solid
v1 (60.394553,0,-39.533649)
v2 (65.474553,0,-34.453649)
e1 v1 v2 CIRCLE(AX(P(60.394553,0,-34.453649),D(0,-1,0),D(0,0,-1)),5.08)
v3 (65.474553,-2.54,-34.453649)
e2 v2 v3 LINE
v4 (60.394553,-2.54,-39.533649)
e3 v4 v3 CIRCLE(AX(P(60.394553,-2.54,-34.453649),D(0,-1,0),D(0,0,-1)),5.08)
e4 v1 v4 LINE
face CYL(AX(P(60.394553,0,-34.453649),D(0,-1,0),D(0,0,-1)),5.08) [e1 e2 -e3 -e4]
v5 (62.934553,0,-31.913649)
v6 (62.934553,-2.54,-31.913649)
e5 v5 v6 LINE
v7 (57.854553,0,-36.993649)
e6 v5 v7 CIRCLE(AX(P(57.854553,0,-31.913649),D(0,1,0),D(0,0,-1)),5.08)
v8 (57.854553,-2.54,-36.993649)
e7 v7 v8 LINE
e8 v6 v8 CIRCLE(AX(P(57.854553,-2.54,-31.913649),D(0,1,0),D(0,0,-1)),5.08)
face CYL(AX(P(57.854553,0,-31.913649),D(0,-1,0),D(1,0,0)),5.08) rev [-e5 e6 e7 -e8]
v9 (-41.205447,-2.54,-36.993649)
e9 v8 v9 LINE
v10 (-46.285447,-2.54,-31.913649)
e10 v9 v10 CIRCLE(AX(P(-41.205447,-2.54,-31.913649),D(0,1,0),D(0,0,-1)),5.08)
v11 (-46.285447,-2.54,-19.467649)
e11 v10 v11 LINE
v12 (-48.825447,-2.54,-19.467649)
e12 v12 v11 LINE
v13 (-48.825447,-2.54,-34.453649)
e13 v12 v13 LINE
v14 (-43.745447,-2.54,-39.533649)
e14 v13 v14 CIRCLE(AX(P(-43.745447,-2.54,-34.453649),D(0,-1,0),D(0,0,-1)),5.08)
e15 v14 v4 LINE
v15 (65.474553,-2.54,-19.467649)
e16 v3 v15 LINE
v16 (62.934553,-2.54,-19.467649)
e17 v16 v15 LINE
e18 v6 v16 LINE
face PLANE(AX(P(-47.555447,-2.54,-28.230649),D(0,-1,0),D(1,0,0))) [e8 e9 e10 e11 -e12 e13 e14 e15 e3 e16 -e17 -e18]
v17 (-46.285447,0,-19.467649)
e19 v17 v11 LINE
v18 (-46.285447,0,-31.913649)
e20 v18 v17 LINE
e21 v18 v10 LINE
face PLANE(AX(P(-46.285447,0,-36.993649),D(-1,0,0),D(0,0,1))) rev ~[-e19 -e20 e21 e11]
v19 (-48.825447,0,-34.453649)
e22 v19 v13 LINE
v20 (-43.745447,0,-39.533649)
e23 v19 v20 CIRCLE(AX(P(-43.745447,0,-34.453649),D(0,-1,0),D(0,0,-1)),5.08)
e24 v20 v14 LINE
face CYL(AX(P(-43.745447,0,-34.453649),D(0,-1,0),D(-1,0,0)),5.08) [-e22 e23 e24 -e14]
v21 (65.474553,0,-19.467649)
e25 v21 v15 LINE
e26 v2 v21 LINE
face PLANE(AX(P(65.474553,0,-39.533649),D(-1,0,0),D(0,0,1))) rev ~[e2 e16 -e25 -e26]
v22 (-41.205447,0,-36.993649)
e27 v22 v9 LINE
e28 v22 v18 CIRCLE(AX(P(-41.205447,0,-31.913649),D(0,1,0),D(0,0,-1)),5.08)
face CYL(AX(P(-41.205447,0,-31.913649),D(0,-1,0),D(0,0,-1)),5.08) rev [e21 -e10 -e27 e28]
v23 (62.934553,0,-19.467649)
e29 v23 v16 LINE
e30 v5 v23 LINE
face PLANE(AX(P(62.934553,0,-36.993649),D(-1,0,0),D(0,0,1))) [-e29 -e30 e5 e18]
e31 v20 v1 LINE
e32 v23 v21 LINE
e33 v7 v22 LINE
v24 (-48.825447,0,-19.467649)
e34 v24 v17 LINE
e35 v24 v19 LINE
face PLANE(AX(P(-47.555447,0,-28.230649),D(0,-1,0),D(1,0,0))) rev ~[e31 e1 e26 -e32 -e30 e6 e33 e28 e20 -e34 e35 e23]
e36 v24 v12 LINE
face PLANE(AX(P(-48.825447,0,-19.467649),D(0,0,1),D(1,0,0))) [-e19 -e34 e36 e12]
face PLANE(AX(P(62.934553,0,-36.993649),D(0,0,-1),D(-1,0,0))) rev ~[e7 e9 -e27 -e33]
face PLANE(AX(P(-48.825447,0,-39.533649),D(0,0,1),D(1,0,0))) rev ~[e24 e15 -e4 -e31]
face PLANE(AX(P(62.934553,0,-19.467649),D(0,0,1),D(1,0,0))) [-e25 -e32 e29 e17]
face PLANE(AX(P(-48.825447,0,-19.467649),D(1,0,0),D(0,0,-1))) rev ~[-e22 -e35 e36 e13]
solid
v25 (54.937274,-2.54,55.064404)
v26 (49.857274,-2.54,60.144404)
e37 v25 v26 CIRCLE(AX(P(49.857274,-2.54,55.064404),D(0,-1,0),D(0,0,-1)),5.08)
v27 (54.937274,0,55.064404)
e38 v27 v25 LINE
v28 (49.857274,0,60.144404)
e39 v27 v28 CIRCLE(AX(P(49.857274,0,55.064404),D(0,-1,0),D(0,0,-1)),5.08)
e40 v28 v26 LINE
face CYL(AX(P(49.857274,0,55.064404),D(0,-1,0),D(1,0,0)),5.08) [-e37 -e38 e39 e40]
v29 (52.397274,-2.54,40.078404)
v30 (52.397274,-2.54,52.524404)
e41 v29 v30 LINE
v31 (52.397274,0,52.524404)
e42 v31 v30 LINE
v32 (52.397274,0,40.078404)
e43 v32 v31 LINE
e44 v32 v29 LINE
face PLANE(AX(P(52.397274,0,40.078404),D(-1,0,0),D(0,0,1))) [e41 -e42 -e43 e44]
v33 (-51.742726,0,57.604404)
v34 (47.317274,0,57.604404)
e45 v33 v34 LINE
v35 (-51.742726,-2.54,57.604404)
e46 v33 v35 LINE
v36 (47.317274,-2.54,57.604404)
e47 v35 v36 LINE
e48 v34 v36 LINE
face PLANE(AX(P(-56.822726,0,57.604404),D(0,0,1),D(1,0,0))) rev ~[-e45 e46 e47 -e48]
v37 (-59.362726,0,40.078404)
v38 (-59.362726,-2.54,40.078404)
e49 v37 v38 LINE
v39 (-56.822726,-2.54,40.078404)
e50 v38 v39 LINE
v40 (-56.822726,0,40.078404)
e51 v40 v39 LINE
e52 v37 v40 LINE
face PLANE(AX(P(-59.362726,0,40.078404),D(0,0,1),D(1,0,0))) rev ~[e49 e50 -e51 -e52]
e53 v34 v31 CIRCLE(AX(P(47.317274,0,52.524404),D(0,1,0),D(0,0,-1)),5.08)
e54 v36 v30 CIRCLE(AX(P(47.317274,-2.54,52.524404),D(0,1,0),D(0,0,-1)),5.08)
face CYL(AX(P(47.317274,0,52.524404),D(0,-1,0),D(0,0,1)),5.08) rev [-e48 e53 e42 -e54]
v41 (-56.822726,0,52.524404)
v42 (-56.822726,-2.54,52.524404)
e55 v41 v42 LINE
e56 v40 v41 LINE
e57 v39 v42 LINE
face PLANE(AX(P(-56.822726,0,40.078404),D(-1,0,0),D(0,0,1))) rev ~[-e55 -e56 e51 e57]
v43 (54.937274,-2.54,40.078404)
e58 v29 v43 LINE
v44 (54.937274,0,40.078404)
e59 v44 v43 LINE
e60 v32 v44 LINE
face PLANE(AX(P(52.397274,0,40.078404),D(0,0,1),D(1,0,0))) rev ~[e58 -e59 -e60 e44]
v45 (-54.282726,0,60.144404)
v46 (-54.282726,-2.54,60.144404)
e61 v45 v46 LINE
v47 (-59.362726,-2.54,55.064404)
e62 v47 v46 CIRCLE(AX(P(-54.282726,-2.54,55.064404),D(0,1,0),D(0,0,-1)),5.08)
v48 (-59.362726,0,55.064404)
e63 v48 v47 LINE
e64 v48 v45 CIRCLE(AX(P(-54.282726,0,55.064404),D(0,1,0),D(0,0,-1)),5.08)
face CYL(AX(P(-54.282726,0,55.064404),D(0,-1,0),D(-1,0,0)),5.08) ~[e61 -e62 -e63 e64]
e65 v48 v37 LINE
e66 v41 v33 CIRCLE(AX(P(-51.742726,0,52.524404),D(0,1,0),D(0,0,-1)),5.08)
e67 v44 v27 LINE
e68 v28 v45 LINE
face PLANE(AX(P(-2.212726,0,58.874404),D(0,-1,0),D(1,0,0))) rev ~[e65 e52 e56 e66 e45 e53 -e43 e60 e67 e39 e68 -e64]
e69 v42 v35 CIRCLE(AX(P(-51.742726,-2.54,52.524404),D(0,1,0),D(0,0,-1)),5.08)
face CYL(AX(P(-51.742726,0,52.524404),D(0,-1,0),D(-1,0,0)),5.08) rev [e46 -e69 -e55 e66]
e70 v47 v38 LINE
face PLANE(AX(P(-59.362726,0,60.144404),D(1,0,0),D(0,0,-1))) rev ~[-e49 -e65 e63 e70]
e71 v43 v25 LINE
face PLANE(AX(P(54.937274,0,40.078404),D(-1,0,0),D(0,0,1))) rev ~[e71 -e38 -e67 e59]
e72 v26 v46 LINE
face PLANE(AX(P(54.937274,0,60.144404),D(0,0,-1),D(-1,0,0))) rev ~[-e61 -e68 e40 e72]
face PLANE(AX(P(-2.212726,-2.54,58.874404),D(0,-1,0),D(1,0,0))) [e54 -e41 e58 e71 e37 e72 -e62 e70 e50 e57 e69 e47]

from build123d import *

# Parameters (mm, degrees)
F0_W     = 2.54
F0_H     = 17.526
F1_DEPTH = 2.54
F2_R     = 5.08


with BuildPart() as f1:
    # F0 (on Front) → F1 (new body)
    with BuildSketch(Plane.XZ):
        Polygon((-59.362726, 60.144404), (-59.362726, 57.604404), (-56.822726, 57.604404), (52.397274, 57.604404), (54.937274, 57.604404), (54.937274, 60.144404), align=None)
        with Locations((-58.092726, 48.841404)):
            Rectangle(F0_W, F0_H)
        with Locations((53.667274, 48.841404)):
            Rectangle(F0_W, F0_H)
        with Locations((-47.555447, -28.230649)):
            Rectangle(F0_W, F0_H)
        Polygon((-46.285447, -36.993649), (-48.825447, -36.993649), (-48.825447, -39.533649), (65.474553, -39.533649), (65.474553, -36.993649), (62.934553, -36.993649), align=None)
        with Locations((64.204553, -28.230649)):
            Rectangle(F0_W, F0_H)
    extrude(amount=F1_DEPTH)

    # F2
    f2_edges = [f1.edges().sort_by_distance(p)[0] for p in [
        (-46.285447, -1.27, -36.993649),
        (-48.825447, -1.27, -39.533649),
        (62.934553, -1.27, -36.993649),
        (65.474553, -1.27, -39.533649),
        (52.397274, -1.27, 57.604404),
        (54.937274, -1.27, 60.144404),
        (-56.822726, -1.27, 57.604404),
        (-59.362726, -1.27, 60.144404),
    ]]
    fillet(f2_edges, radius=F2_R)


solid = f1.part
